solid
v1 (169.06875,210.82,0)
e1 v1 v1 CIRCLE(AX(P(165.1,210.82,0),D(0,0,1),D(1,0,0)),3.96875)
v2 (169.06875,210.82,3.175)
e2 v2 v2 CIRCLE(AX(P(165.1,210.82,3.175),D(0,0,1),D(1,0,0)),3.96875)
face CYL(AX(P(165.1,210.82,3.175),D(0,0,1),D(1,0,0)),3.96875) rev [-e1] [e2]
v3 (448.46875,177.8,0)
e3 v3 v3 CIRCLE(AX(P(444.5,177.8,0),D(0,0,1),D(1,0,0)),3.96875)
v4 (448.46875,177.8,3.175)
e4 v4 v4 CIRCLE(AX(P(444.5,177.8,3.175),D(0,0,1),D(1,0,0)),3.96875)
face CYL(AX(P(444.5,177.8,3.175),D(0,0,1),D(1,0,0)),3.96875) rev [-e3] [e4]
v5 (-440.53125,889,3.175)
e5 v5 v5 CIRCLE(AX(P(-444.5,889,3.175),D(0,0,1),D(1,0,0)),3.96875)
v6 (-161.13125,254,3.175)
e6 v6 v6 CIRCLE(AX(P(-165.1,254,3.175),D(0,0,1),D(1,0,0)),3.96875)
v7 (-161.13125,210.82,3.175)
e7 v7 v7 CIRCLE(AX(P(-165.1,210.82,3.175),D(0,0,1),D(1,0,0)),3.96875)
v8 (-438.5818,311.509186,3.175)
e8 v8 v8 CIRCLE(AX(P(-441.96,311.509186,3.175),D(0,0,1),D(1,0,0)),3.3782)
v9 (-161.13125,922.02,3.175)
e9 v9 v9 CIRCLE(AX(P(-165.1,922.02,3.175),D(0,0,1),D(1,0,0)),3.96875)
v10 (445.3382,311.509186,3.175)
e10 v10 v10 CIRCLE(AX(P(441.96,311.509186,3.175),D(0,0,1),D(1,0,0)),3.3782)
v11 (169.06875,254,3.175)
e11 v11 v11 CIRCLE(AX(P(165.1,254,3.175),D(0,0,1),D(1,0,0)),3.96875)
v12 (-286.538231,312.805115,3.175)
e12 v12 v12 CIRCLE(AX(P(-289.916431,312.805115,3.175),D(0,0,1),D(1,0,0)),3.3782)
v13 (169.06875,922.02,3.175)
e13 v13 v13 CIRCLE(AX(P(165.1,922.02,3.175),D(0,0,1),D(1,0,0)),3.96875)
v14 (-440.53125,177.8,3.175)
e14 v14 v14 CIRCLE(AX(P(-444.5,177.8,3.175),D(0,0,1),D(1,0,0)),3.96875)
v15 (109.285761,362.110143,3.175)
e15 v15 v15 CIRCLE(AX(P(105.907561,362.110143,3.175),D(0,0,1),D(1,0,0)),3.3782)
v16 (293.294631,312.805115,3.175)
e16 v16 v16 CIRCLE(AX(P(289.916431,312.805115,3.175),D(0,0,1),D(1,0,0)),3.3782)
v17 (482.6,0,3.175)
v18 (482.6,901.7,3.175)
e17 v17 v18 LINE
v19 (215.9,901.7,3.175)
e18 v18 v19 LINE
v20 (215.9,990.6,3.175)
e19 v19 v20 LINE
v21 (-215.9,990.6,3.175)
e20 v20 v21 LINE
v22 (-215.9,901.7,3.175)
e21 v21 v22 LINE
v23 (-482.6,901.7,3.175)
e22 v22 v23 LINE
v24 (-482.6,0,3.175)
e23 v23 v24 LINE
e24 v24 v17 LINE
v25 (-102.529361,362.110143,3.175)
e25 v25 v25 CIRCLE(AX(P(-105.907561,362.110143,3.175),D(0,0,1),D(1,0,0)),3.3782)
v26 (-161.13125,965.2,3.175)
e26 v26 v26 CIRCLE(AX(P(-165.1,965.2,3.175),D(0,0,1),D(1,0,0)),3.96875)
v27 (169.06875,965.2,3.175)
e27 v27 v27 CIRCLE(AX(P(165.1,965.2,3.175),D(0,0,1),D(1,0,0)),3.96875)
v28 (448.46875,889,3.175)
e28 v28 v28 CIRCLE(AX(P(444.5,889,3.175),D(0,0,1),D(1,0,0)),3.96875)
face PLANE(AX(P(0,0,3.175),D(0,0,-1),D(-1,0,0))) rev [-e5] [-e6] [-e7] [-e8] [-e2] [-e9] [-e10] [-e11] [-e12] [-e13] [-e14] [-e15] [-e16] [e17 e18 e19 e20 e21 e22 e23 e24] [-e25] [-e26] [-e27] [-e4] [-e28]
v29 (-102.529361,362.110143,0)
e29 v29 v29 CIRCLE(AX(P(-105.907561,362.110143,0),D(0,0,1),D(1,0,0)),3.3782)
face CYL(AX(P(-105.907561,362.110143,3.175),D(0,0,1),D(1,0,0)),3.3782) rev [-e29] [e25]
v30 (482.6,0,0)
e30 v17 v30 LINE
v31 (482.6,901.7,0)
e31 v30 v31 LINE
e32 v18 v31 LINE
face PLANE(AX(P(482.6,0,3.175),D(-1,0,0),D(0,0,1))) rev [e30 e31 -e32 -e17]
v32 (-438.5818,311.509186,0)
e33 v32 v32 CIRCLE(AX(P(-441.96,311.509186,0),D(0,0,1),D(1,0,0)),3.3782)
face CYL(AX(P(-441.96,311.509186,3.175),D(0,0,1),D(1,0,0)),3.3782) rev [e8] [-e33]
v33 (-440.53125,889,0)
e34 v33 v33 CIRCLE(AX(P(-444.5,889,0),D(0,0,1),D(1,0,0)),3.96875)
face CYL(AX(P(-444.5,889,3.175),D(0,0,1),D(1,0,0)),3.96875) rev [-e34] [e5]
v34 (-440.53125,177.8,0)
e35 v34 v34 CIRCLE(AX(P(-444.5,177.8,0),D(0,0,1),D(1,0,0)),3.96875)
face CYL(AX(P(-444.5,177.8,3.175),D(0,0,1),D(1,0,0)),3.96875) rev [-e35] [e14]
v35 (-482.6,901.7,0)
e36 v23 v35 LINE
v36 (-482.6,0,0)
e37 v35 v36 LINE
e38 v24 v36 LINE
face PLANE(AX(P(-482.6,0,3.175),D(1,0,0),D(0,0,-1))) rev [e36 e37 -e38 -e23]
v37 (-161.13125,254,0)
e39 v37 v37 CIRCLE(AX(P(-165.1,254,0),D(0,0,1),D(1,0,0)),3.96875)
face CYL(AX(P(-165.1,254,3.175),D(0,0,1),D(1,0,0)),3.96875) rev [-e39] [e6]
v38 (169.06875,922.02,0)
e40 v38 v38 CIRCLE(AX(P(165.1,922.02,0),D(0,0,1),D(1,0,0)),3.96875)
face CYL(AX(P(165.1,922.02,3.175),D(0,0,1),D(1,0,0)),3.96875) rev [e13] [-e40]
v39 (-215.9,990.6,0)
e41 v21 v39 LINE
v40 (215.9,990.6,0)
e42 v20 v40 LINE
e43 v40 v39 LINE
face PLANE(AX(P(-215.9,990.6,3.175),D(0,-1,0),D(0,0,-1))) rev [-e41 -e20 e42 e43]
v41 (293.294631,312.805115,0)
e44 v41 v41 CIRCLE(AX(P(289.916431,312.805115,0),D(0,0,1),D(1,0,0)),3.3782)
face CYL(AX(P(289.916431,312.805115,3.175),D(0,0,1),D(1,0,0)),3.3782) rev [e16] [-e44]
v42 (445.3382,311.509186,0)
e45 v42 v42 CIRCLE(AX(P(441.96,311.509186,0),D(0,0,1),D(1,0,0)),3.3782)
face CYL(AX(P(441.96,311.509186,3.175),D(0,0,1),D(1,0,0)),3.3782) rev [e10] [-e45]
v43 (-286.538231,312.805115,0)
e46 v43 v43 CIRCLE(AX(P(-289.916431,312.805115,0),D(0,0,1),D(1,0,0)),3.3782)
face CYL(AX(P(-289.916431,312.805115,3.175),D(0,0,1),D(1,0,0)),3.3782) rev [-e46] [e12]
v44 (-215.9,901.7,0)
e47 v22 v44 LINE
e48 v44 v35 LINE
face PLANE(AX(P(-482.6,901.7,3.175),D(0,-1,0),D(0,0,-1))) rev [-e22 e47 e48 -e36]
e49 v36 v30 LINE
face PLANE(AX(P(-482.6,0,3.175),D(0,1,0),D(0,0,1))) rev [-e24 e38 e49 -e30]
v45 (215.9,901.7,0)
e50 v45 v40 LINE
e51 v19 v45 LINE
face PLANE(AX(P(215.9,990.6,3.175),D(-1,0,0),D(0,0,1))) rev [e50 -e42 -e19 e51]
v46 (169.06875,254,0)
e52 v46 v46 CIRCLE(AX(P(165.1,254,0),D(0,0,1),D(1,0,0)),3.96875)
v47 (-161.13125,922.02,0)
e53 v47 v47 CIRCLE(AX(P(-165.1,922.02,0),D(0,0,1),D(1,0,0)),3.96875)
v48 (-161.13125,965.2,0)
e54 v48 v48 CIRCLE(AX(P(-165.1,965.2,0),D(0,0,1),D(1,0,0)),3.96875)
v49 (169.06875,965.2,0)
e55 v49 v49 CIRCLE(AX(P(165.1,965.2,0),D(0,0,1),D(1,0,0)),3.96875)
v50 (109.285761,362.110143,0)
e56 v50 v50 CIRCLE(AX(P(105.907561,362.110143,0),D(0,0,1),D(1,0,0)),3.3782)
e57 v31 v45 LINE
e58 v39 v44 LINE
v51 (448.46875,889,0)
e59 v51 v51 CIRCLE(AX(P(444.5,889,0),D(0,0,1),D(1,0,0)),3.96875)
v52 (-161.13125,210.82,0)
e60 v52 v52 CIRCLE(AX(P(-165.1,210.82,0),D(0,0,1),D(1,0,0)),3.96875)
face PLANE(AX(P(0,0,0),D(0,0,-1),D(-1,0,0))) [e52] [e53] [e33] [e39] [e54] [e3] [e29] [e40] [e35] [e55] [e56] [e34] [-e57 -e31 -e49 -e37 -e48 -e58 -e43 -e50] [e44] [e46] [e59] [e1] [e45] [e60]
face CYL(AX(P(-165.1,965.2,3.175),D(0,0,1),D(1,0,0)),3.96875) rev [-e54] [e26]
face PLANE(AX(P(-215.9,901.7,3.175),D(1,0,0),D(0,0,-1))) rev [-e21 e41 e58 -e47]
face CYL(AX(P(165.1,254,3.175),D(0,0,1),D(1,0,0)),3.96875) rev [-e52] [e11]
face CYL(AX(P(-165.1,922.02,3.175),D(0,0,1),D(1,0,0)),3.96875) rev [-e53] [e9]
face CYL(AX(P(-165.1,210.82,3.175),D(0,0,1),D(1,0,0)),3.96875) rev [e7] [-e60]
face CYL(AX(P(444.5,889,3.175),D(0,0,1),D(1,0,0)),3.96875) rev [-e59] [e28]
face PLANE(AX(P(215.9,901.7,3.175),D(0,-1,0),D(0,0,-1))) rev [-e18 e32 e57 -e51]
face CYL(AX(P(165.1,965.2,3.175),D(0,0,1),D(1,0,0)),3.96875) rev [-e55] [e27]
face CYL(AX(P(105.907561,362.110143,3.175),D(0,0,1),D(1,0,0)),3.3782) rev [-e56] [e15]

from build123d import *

# Parameters (mm, degrees)
BOSS_EXTRUDE1_DEPTH            = 3.175
F_1_4_CLEARANCE_HOLE1_D        = 6.7564
F_5_16_0_3125_DIAMETER_HOLE1_D = 7.9375


with BuildPart() as part:
    # Sketch2 → Boss-Extrude1 (new body)
    with BuildSketch(Plane.XY):
        Polygon((-482.6, 901.7), (-215.9, 901.7), (-215.9, 990.6), (215.9, 990.6), (215.9, 901.7), (482.6, 901.7), (482.6, 0), (-482.6, 0), align=None)
    extrude(amount=BOSS_EXTRUDE1_DEPTH)

    # 1/4 Clearance Hole1 (through all)
    with Locations(Plane.XY.offset(3.175)):
        with Locations((-441.96, 311.50918615), (105.907561142, 362.110143283), (289.91643105, 312.805115191), (-289.91643105, 312.805115191), (-105.907561142, 362.110143283), (441.96, 311.50918615)):
            Hole(F_1_4_CLEARANCE_HOLE1_D / 2)

    # 5/16 (0.3125) Diameter Hole1 (through all)
    with Locations(Plane.XY.offset(3.175)):
        with Locations((-165.1, 922.02), (-165.1, 965.2), (165.1, 965.2), (165.1, 922.02), (-165.1, 210.82), (-165.1, 254), (165.1, 254), (165.1, 210.82), (-444.5, 177.8), (444.5, 177.8), (-444.5, 889), (444.5, 889)):
            Hole(F_5_16_0_3125_DIAMETER_HOLE1_D / 2)


solid = part.part
